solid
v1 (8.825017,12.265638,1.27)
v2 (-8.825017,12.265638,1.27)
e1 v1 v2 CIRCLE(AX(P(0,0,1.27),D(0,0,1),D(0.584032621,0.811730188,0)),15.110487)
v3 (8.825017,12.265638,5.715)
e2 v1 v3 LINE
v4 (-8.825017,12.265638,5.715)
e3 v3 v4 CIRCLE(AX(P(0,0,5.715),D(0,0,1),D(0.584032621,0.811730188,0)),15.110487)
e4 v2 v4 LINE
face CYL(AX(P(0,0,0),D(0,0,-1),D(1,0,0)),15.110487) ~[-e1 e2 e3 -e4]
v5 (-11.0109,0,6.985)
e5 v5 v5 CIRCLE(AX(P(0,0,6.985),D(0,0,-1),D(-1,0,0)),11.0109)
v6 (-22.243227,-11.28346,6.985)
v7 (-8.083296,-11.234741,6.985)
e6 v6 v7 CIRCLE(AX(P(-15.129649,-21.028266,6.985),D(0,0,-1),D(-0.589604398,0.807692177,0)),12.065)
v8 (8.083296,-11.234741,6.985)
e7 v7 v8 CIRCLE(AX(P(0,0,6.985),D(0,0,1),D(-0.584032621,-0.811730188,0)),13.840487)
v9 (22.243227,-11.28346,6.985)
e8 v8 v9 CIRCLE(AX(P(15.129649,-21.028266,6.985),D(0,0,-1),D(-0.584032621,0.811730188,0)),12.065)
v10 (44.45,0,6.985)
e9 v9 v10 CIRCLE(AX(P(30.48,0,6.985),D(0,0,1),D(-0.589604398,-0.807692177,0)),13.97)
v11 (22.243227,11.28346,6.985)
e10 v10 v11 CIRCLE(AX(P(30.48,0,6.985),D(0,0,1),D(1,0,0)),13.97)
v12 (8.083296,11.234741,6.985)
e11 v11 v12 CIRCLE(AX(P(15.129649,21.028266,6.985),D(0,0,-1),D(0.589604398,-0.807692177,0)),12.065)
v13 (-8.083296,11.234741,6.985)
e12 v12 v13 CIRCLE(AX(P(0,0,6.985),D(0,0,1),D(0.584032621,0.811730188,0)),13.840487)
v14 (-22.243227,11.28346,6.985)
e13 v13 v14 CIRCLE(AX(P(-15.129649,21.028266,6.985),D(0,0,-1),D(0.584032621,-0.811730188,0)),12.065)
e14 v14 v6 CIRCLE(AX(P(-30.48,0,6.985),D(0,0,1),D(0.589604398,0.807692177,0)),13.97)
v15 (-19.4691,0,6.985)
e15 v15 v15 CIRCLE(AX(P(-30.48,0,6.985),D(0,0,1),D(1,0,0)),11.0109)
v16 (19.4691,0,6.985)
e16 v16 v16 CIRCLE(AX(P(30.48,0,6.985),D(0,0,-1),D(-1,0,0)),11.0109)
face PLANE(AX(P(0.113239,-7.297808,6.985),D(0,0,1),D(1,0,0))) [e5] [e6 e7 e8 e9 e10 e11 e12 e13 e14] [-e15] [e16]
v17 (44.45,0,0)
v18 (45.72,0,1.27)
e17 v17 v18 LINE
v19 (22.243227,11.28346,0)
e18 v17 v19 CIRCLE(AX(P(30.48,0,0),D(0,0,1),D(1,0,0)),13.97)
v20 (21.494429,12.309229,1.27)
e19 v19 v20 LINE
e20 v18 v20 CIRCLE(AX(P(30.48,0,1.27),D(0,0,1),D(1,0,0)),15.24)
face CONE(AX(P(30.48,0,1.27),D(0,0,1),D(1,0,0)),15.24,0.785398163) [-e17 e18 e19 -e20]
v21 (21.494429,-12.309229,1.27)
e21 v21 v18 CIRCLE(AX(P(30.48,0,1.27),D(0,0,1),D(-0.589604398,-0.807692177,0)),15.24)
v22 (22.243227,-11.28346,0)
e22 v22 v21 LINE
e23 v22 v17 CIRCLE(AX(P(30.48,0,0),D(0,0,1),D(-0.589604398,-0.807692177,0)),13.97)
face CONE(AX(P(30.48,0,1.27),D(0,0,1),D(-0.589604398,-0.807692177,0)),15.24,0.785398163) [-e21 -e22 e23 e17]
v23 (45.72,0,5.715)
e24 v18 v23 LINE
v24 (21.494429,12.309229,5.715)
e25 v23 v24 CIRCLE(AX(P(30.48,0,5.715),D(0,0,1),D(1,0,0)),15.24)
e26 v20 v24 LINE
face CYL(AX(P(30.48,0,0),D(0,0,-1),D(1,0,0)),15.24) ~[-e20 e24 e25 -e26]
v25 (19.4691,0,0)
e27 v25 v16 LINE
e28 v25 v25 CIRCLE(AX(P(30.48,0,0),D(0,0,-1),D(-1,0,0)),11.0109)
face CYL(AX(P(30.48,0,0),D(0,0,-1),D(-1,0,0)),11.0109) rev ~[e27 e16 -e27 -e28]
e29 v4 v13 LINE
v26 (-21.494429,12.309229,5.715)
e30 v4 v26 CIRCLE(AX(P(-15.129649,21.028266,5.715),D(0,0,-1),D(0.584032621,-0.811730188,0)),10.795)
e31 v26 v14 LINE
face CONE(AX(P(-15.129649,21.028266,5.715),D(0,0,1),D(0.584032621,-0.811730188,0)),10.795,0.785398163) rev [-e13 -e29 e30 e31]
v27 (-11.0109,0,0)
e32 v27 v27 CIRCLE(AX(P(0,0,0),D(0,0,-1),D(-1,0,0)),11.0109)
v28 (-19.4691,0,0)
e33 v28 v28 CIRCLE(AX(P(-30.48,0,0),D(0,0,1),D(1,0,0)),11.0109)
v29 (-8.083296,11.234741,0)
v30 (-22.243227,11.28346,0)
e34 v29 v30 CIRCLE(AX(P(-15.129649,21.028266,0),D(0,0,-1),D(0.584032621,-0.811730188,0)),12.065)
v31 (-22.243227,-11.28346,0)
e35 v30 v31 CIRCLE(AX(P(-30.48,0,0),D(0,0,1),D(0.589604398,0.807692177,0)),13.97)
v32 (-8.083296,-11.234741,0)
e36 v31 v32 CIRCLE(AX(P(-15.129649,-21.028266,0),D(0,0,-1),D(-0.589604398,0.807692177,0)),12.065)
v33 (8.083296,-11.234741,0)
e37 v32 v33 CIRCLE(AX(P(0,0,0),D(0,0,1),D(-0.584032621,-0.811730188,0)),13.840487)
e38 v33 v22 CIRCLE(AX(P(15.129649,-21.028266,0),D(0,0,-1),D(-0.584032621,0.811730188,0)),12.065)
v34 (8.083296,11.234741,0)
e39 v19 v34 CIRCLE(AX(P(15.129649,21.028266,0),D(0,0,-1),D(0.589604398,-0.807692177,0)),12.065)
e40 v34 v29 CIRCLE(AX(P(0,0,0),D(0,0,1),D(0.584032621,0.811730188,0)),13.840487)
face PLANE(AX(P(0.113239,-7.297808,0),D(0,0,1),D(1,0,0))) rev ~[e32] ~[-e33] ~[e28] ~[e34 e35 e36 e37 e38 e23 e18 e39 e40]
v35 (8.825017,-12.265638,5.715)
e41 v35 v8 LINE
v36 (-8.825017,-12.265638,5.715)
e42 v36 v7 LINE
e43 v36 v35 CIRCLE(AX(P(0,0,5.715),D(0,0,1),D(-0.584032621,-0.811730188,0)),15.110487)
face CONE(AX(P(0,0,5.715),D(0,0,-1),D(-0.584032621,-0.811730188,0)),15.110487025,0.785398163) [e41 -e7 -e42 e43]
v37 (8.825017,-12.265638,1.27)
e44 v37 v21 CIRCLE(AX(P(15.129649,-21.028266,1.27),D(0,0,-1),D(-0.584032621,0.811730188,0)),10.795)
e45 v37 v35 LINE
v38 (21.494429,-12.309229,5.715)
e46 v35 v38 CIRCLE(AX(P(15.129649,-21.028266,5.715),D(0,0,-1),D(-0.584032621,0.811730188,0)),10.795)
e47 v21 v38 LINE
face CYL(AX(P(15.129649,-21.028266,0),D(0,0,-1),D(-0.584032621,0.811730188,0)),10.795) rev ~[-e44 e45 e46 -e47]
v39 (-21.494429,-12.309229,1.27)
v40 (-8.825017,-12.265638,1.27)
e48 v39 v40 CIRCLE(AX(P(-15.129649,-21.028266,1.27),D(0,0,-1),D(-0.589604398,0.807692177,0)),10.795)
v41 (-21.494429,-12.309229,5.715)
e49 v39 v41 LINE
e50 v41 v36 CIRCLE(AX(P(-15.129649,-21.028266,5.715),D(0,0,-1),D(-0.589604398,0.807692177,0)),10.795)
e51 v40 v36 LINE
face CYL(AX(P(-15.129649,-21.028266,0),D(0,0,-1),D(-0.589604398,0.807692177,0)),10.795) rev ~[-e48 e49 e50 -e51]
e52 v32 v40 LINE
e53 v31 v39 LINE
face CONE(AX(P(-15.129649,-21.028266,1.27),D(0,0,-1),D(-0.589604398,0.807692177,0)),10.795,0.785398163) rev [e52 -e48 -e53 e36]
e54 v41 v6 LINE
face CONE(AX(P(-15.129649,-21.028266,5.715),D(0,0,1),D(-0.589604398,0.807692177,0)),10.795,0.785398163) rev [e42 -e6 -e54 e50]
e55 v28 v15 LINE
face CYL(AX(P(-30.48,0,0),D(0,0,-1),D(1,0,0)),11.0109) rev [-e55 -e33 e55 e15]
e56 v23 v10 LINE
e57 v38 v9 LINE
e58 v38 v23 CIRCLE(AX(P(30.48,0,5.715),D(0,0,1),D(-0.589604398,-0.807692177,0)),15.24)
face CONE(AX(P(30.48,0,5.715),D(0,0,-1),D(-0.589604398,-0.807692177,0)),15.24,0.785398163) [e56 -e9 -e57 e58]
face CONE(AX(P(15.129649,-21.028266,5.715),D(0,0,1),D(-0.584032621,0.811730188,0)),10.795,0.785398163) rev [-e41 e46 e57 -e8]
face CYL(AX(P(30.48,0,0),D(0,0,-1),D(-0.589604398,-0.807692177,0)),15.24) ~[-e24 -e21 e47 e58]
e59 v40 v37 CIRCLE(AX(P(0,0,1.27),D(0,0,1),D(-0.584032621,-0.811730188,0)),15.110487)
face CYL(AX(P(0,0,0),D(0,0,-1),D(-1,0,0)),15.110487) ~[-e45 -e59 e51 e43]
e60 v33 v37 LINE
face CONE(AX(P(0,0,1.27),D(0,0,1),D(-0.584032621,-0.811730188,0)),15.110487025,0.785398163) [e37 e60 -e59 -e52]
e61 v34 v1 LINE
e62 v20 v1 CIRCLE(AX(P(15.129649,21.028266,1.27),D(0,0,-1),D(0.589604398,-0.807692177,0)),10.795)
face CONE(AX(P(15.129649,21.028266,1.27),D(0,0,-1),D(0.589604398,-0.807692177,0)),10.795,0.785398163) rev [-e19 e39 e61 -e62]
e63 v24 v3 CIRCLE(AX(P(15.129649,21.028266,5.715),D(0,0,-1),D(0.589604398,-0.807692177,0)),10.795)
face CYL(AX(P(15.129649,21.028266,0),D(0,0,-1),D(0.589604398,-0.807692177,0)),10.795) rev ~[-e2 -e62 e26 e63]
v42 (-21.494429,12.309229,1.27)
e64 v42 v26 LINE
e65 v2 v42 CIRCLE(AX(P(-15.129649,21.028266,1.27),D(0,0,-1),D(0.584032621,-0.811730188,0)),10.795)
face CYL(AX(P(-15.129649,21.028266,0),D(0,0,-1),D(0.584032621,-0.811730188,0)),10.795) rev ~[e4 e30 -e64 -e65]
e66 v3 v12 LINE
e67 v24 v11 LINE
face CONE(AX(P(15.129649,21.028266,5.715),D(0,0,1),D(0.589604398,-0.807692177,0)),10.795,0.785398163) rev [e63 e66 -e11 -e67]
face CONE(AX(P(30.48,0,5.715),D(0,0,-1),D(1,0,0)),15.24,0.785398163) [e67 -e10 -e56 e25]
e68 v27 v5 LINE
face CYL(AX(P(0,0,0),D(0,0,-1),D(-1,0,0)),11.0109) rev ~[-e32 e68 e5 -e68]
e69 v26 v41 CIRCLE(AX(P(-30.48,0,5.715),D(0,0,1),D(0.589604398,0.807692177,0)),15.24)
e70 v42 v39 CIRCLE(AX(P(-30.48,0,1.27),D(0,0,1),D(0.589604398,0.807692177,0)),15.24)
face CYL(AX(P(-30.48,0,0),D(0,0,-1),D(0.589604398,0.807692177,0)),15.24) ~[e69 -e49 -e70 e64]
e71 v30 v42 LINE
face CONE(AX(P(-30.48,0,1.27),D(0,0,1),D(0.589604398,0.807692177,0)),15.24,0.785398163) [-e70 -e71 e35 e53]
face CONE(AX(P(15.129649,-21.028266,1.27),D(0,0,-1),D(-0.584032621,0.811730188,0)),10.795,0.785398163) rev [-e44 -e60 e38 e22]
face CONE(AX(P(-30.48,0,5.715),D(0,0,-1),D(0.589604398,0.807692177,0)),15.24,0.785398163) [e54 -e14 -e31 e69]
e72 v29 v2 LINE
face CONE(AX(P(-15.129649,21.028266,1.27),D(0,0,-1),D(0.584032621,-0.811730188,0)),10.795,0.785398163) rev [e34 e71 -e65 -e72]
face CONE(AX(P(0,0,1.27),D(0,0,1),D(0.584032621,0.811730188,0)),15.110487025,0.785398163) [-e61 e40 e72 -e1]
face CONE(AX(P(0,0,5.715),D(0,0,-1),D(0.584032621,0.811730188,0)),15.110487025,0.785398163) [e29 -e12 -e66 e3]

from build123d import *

# Parameters (mm, degrees)
F0_R     = 11.0109
F1_DEPTH = 6.985
F2_SIZE  = 1.27
F3_SIZE  = 1.27


with BuildPart() as f1:
    # F0 (on Top) → F1 (new body)
    with BuildSketch(Plane.XY):
        with BuildLine():
            Line((15.1104870251, 0), (11.0109, 0))
            ThreePointArc((11.0109, 0), (0, -11.0109), (-11.0109, 0))
            Line((-11.0109, 0), (-15.1104870251, 0))
            ThreePointArc((-15.1104870251, 0), (-13.4476229912, -6.8911721805), (-8.8250173454, -12.2656384664))
            ThreePointArc((-8.8250173454, -12.2656384664), (0, -15.1104870251), (8.8250173454, -12.2656384664))
            ThreePointArc((8.8250173454, -12.2656384664), (13.4476229912, -6.8911721805), (15.1104870251, 0))
        make_face()
        with BuildLine():
            ThreePointArc((-11.0109, 0), (0, 11.0109), (11.0109, 0))
            Line((11.0109, 0), (15.1104870251, 0))
            ThreePointArc((15.1104870251, 0), (13.4476229912, 6.8911721805), (8.8250173454, 12.2656384664))
            ThreePointArc((8.8250173454, 12.2656384664), (0, 15.1104870251), (-8.8250173454, 12.2656384664))
            ThreePointArc((-8.8250173454, 12.2656384664), (-13.4476229912, 6.8911721805), (-15.1104870251, 0))
            Line((-15.1104870251, 0), (-11.0109, 0))
        make_face()
        with BuildLine():
            ThreePointArc((8.8250173454, 12.2656384664), (13.4476229912, 6.8911721805), (15.1104870251, 0))
            Line((15.1104870251, 0), (15.24, 0))
            ThreePointArc((15.24, 0), (16.8932840155, 6.9035316148), (21.4944289707, 12.3092287848))
            ThreePointArc((21.4944289707, 12.3092287848), (15.1667904983, 10.2333297341), (8.8250173454, 12.2656384664))
        make_face()
        with BuildLine():
            Line((15.24, 0), (15.1104870251, 0))
            ThreePointArc((15.1104870251, 0), (13.4476229912, -6.8911721805), (8.8250173454, -12.2656384664))
            ThreePointArc((8.8250173454, -12.2656384664), (15.1667904983, -10.2333297341), (21.4944289707, -12.3092287848))
            ThreePointArc((21.4944289707, -12.3092287848), (16.8932840155, -6.9035316148), (15.24, 0))
        make_face()
        with BuildLine():
            ThreePointArc((-8.8250173454, -12.2656384664), (-13.4476229912, -6.8911721805), (-15.1104870251, 0))
            Line((-15.1104870251, 0), (-15.24, 0))
            ThreePointArc((-15.24, 0), (-16.8932840155, -6.9035316148), (-21.4944289707, -12.3092287848))
            ThreePointArc((-21.4944289707, -12.3092287848), (-15.1667904983, -10.2333297341), (-8.8250173454, -12.2656384664))
        make_face()
        with BuildLine():
            Line((-15.24, 0), (-15.1104870251, 0))
            ThreePointArc((-15.1104870251, 0), (-13.4476229912, 6.8911721805), (-8.8250173454, 12.2656384664))
            ThreePointArc((-8.8250173454, 12.2656384664), (-15.1667904983, 10.2333297341), (-21.4944289707, 12.3092287848))
            ThreePointArc((-21.4944289707, 12.3092287848), (-16.8932840155, 6.9035316148), (-15.24, 0))
        make_face()
        with BuildLine():
            ThreePointArc((21.4944289707, 12.3092287848), (16.8932840155, 6.9035316148), (15.24, 0))
            ThreePointArc((15.24, 0), (16.8932840155, -6.9035316148), (21.4944289707, -12.3092287848))
            ThreePointArc((21.4944289707, -12.3092287848), (37.3835316148, -13.5867159845), (45.72, 0))
            ThreePointArc((45.72, 0), (37.3835316148, 13.5867159845), (21.4944289707, 12.3092287848))
        make_face()
        with BuildLine():
            ThreePointArc((41.4909, 0), (30.48, -11.0109), (19.4691, 0))
            ThreePointArc((19.4691, 0), (30.48, 11.0109), (41.4909, 0))
        make_face(mode=Mode.SUBTRACT)
        with BuildLine():
            ThreePointArc((-21.4944289707, -12.3092287848), (-16.8932840155, -6.9035316148), (-15.24, 0))
            ThreePointArc((-15.24, 0), (-16.8932840155, 6.9035316148), (-21.4944289707, 12.3092287848))
            ThreePointArc((-21.4944289707, 12.3092287848), (-45.72, 0), (-21.4944289707, -12.3092287848))
        make_face()
        with Locations((-30.48, 0)):
            Circle(F0_R, mode=Mode.SUBTRACT)
    extrude(amount=F1_DEPTH)

    # F2
    f2_edges = [f1.edges().sort_by_distance(p)[0] for p in [
        (-45.72, 0, 6.985),
    ]]
    chamfer(f2_edges, length=F2_SIZE)

    # F3
    f3_edges = [f1.edges().sort_by_distance(p)[0] for p in [
        (-45.72, 0, 0),
        (45.72, 0, 0),
        (0, -15.110487, 0),
        (15.16679, -10.23333, 0),
        (-15.16679, -10.23333, 0),
        (-15.16679, 10.23333, 0),
        (0, 15.110487, 0),
        (15.16679, 10.23333, 0),
    ]]
    chamfer(f3_edges, length=F3_SIZE)


solid = f1.part
